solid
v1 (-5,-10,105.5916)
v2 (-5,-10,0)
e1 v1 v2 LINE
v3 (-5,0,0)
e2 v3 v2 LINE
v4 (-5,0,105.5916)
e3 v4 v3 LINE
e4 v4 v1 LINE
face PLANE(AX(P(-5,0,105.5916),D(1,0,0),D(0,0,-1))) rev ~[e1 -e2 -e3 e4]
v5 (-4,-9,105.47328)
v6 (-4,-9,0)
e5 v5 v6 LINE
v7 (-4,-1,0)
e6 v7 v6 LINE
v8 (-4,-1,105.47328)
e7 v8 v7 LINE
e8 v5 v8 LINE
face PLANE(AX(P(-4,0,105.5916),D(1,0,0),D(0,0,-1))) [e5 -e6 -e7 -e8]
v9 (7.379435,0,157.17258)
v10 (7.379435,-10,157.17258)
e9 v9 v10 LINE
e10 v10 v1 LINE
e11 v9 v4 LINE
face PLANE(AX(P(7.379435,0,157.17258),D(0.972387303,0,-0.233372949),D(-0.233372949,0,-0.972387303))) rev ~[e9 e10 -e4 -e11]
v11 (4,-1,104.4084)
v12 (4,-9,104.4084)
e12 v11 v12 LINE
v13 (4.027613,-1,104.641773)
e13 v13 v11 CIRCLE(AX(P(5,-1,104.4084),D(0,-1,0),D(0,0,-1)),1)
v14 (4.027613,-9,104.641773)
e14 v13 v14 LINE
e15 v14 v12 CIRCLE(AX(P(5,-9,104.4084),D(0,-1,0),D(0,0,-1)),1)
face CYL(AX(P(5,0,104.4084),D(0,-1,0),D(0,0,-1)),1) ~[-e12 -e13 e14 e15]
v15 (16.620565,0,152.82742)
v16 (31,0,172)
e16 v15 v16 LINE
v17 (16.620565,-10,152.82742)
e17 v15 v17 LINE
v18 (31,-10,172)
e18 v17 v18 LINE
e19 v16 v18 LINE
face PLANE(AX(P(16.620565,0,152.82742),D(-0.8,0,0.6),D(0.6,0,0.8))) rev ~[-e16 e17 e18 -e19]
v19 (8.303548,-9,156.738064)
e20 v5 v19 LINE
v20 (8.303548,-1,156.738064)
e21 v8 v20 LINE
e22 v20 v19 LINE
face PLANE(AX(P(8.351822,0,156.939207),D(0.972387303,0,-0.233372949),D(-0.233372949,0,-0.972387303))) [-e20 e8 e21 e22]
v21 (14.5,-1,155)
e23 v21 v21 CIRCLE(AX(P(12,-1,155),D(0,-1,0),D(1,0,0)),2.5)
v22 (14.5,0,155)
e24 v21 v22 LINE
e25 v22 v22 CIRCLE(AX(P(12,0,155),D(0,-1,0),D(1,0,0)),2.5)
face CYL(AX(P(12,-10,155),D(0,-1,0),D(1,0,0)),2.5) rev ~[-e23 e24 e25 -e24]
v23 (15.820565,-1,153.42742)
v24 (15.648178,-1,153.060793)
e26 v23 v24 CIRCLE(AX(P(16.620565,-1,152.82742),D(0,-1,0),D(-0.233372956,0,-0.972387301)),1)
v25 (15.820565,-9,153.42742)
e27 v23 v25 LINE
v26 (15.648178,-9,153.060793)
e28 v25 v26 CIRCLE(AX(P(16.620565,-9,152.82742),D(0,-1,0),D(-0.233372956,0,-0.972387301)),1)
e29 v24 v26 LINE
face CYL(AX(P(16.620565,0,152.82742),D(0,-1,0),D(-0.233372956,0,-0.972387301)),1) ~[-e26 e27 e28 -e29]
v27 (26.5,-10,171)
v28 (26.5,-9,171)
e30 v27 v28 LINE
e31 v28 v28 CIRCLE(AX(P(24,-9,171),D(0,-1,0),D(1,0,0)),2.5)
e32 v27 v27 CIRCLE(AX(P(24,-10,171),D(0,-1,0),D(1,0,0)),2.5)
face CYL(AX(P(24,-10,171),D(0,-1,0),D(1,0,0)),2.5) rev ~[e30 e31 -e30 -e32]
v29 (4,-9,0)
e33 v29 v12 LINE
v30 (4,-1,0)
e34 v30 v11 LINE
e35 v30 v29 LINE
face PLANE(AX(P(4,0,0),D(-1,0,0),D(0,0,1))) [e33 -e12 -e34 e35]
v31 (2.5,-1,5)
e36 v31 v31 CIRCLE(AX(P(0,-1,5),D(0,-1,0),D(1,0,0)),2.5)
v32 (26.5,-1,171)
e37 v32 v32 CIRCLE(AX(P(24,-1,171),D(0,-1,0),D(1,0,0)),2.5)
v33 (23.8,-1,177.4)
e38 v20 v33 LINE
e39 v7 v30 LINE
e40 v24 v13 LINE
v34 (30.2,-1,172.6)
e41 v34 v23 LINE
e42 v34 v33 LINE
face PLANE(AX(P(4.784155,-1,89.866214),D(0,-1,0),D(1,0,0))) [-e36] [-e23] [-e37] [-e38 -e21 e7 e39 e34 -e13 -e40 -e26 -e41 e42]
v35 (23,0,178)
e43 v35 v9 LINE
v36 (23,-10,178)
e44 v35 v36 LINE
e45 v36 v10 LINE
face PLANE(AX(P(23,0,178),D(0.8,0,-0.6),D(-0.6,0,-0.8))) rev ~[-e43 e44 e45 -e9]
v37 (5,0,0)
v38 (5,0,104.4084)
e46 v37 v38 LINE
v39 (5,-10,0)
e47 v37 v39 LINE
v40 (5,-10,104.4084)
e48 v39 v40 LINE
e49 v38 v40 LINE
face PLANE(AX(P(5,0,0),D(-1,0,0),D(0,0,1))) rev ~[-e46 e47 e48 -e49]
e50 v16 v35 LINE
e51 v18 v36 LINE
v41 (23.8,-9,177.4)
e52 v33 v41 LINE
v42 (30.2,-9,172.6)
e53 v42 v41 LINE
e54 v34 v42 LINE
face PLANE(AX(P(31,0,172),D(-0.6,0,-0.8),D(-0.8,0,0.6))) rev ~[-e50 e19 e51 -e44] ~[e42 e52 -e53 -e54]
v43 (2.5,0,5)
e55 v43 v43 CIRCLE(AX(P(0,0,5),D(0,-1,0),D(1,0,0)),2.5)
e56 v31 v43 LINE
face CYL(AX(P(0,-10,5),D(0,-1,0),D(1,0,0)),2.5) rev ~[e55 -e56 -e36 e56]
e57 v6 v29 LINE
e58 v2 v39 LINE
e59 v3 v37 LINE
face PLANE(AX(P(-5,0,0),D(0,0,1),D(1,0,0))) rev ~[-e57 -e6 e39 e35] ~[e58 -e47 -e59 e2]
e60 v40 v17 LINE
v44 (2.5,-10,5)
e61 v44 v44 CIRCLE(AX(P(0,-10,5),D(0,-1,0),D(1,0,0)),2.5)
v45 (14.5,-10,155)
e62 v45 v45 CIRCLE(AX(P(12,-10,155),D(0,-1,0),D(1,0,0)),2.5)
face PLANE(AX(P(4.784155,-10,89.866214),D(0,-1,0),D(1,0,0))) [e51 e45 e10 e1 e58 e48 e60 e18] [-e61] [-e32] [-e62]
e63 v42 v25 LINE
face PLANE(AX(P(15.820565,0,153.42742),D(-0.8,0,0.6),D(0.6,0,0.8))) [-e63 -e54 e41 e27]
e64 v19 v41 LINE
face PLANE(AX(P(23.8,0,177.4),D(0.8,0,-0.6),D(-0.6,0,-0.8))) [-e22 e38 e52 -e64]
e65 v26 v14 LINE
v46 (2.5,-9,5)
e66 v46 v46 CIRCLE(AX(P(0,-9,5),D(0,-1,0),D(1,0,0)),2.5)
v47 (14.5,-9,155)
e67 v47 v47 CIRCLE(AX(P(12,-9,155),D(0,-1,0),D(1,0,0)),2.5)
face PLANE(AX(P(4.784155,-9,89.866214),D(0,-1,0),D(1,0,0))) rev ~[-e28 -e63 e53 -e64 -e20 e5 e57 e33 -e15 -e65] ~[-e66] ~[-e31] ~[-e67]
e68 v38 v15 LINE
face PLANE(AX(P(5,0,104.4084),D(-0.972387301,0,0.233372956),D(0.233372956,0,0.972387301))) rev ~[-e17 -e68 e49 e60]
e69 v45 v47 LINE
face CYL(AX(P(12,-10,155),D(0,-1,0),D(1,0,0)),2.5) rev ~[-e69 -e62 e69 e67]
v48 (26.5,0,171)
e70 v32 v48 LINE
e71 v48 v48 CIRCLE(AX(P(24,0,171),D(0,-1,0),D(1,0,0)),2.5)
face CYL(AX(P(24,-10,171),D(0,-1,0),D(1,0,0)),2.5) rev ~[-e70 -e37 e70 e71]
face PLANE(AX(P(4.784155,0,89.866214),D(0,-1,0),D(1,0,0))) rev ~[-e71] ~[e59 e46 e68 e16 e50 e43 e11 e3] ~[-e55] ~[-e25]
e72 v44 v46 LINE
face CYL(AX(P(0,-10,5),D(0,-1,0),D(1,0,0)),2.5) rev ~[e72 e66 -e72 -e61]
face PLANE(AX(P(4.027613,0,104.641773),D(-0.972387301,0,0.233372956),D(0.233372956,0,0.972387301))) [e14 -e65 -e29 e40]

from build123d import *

# Parameters (mm, degrees)
PAD_DEPTH    = 10
THICKNESS_T  = -1
SKETCH001_R  = 2.5
POCKET_DEPTH = 10.001


with BuildPart() as part:
    # Sketch → Pad (new body)
    with BuildSketch(Plane.XZ):
        Polygon((-5, 0), (5, 0), (5, 104.4084), (16.620565, 152.82742), (31, 172), (23, 178), (7.379435, 157.17258), (-5, 105.5916), align=None)
    extrude(amount=PAD_DEPTH)

    # Thickness
    thickness_openings = [part.faces().sort_by_distance(p)[0] for p in [
        (27, -5, 175),
        (0, -5, 0),
    ]]
    offset(amount=THICKNESS_T, openings=thickness_openings)

    # Sketch001 (on Face8 of Thickness) → Pocket (cut, through all)
    with BuildSketch(Plane.XZ.offset(10)):
        with Locations((0, 5)):
            Circle(SKETCH001_R)
        with Locations((12, 155)):
            Circle(SKETCH001_R)
        with Locations((24, 171)):
            Circle(SKETCH001_R)
    extrude(amount=-POCKET_DEPTH, mode=Mode.SUBTRACT)


solid = part.part
